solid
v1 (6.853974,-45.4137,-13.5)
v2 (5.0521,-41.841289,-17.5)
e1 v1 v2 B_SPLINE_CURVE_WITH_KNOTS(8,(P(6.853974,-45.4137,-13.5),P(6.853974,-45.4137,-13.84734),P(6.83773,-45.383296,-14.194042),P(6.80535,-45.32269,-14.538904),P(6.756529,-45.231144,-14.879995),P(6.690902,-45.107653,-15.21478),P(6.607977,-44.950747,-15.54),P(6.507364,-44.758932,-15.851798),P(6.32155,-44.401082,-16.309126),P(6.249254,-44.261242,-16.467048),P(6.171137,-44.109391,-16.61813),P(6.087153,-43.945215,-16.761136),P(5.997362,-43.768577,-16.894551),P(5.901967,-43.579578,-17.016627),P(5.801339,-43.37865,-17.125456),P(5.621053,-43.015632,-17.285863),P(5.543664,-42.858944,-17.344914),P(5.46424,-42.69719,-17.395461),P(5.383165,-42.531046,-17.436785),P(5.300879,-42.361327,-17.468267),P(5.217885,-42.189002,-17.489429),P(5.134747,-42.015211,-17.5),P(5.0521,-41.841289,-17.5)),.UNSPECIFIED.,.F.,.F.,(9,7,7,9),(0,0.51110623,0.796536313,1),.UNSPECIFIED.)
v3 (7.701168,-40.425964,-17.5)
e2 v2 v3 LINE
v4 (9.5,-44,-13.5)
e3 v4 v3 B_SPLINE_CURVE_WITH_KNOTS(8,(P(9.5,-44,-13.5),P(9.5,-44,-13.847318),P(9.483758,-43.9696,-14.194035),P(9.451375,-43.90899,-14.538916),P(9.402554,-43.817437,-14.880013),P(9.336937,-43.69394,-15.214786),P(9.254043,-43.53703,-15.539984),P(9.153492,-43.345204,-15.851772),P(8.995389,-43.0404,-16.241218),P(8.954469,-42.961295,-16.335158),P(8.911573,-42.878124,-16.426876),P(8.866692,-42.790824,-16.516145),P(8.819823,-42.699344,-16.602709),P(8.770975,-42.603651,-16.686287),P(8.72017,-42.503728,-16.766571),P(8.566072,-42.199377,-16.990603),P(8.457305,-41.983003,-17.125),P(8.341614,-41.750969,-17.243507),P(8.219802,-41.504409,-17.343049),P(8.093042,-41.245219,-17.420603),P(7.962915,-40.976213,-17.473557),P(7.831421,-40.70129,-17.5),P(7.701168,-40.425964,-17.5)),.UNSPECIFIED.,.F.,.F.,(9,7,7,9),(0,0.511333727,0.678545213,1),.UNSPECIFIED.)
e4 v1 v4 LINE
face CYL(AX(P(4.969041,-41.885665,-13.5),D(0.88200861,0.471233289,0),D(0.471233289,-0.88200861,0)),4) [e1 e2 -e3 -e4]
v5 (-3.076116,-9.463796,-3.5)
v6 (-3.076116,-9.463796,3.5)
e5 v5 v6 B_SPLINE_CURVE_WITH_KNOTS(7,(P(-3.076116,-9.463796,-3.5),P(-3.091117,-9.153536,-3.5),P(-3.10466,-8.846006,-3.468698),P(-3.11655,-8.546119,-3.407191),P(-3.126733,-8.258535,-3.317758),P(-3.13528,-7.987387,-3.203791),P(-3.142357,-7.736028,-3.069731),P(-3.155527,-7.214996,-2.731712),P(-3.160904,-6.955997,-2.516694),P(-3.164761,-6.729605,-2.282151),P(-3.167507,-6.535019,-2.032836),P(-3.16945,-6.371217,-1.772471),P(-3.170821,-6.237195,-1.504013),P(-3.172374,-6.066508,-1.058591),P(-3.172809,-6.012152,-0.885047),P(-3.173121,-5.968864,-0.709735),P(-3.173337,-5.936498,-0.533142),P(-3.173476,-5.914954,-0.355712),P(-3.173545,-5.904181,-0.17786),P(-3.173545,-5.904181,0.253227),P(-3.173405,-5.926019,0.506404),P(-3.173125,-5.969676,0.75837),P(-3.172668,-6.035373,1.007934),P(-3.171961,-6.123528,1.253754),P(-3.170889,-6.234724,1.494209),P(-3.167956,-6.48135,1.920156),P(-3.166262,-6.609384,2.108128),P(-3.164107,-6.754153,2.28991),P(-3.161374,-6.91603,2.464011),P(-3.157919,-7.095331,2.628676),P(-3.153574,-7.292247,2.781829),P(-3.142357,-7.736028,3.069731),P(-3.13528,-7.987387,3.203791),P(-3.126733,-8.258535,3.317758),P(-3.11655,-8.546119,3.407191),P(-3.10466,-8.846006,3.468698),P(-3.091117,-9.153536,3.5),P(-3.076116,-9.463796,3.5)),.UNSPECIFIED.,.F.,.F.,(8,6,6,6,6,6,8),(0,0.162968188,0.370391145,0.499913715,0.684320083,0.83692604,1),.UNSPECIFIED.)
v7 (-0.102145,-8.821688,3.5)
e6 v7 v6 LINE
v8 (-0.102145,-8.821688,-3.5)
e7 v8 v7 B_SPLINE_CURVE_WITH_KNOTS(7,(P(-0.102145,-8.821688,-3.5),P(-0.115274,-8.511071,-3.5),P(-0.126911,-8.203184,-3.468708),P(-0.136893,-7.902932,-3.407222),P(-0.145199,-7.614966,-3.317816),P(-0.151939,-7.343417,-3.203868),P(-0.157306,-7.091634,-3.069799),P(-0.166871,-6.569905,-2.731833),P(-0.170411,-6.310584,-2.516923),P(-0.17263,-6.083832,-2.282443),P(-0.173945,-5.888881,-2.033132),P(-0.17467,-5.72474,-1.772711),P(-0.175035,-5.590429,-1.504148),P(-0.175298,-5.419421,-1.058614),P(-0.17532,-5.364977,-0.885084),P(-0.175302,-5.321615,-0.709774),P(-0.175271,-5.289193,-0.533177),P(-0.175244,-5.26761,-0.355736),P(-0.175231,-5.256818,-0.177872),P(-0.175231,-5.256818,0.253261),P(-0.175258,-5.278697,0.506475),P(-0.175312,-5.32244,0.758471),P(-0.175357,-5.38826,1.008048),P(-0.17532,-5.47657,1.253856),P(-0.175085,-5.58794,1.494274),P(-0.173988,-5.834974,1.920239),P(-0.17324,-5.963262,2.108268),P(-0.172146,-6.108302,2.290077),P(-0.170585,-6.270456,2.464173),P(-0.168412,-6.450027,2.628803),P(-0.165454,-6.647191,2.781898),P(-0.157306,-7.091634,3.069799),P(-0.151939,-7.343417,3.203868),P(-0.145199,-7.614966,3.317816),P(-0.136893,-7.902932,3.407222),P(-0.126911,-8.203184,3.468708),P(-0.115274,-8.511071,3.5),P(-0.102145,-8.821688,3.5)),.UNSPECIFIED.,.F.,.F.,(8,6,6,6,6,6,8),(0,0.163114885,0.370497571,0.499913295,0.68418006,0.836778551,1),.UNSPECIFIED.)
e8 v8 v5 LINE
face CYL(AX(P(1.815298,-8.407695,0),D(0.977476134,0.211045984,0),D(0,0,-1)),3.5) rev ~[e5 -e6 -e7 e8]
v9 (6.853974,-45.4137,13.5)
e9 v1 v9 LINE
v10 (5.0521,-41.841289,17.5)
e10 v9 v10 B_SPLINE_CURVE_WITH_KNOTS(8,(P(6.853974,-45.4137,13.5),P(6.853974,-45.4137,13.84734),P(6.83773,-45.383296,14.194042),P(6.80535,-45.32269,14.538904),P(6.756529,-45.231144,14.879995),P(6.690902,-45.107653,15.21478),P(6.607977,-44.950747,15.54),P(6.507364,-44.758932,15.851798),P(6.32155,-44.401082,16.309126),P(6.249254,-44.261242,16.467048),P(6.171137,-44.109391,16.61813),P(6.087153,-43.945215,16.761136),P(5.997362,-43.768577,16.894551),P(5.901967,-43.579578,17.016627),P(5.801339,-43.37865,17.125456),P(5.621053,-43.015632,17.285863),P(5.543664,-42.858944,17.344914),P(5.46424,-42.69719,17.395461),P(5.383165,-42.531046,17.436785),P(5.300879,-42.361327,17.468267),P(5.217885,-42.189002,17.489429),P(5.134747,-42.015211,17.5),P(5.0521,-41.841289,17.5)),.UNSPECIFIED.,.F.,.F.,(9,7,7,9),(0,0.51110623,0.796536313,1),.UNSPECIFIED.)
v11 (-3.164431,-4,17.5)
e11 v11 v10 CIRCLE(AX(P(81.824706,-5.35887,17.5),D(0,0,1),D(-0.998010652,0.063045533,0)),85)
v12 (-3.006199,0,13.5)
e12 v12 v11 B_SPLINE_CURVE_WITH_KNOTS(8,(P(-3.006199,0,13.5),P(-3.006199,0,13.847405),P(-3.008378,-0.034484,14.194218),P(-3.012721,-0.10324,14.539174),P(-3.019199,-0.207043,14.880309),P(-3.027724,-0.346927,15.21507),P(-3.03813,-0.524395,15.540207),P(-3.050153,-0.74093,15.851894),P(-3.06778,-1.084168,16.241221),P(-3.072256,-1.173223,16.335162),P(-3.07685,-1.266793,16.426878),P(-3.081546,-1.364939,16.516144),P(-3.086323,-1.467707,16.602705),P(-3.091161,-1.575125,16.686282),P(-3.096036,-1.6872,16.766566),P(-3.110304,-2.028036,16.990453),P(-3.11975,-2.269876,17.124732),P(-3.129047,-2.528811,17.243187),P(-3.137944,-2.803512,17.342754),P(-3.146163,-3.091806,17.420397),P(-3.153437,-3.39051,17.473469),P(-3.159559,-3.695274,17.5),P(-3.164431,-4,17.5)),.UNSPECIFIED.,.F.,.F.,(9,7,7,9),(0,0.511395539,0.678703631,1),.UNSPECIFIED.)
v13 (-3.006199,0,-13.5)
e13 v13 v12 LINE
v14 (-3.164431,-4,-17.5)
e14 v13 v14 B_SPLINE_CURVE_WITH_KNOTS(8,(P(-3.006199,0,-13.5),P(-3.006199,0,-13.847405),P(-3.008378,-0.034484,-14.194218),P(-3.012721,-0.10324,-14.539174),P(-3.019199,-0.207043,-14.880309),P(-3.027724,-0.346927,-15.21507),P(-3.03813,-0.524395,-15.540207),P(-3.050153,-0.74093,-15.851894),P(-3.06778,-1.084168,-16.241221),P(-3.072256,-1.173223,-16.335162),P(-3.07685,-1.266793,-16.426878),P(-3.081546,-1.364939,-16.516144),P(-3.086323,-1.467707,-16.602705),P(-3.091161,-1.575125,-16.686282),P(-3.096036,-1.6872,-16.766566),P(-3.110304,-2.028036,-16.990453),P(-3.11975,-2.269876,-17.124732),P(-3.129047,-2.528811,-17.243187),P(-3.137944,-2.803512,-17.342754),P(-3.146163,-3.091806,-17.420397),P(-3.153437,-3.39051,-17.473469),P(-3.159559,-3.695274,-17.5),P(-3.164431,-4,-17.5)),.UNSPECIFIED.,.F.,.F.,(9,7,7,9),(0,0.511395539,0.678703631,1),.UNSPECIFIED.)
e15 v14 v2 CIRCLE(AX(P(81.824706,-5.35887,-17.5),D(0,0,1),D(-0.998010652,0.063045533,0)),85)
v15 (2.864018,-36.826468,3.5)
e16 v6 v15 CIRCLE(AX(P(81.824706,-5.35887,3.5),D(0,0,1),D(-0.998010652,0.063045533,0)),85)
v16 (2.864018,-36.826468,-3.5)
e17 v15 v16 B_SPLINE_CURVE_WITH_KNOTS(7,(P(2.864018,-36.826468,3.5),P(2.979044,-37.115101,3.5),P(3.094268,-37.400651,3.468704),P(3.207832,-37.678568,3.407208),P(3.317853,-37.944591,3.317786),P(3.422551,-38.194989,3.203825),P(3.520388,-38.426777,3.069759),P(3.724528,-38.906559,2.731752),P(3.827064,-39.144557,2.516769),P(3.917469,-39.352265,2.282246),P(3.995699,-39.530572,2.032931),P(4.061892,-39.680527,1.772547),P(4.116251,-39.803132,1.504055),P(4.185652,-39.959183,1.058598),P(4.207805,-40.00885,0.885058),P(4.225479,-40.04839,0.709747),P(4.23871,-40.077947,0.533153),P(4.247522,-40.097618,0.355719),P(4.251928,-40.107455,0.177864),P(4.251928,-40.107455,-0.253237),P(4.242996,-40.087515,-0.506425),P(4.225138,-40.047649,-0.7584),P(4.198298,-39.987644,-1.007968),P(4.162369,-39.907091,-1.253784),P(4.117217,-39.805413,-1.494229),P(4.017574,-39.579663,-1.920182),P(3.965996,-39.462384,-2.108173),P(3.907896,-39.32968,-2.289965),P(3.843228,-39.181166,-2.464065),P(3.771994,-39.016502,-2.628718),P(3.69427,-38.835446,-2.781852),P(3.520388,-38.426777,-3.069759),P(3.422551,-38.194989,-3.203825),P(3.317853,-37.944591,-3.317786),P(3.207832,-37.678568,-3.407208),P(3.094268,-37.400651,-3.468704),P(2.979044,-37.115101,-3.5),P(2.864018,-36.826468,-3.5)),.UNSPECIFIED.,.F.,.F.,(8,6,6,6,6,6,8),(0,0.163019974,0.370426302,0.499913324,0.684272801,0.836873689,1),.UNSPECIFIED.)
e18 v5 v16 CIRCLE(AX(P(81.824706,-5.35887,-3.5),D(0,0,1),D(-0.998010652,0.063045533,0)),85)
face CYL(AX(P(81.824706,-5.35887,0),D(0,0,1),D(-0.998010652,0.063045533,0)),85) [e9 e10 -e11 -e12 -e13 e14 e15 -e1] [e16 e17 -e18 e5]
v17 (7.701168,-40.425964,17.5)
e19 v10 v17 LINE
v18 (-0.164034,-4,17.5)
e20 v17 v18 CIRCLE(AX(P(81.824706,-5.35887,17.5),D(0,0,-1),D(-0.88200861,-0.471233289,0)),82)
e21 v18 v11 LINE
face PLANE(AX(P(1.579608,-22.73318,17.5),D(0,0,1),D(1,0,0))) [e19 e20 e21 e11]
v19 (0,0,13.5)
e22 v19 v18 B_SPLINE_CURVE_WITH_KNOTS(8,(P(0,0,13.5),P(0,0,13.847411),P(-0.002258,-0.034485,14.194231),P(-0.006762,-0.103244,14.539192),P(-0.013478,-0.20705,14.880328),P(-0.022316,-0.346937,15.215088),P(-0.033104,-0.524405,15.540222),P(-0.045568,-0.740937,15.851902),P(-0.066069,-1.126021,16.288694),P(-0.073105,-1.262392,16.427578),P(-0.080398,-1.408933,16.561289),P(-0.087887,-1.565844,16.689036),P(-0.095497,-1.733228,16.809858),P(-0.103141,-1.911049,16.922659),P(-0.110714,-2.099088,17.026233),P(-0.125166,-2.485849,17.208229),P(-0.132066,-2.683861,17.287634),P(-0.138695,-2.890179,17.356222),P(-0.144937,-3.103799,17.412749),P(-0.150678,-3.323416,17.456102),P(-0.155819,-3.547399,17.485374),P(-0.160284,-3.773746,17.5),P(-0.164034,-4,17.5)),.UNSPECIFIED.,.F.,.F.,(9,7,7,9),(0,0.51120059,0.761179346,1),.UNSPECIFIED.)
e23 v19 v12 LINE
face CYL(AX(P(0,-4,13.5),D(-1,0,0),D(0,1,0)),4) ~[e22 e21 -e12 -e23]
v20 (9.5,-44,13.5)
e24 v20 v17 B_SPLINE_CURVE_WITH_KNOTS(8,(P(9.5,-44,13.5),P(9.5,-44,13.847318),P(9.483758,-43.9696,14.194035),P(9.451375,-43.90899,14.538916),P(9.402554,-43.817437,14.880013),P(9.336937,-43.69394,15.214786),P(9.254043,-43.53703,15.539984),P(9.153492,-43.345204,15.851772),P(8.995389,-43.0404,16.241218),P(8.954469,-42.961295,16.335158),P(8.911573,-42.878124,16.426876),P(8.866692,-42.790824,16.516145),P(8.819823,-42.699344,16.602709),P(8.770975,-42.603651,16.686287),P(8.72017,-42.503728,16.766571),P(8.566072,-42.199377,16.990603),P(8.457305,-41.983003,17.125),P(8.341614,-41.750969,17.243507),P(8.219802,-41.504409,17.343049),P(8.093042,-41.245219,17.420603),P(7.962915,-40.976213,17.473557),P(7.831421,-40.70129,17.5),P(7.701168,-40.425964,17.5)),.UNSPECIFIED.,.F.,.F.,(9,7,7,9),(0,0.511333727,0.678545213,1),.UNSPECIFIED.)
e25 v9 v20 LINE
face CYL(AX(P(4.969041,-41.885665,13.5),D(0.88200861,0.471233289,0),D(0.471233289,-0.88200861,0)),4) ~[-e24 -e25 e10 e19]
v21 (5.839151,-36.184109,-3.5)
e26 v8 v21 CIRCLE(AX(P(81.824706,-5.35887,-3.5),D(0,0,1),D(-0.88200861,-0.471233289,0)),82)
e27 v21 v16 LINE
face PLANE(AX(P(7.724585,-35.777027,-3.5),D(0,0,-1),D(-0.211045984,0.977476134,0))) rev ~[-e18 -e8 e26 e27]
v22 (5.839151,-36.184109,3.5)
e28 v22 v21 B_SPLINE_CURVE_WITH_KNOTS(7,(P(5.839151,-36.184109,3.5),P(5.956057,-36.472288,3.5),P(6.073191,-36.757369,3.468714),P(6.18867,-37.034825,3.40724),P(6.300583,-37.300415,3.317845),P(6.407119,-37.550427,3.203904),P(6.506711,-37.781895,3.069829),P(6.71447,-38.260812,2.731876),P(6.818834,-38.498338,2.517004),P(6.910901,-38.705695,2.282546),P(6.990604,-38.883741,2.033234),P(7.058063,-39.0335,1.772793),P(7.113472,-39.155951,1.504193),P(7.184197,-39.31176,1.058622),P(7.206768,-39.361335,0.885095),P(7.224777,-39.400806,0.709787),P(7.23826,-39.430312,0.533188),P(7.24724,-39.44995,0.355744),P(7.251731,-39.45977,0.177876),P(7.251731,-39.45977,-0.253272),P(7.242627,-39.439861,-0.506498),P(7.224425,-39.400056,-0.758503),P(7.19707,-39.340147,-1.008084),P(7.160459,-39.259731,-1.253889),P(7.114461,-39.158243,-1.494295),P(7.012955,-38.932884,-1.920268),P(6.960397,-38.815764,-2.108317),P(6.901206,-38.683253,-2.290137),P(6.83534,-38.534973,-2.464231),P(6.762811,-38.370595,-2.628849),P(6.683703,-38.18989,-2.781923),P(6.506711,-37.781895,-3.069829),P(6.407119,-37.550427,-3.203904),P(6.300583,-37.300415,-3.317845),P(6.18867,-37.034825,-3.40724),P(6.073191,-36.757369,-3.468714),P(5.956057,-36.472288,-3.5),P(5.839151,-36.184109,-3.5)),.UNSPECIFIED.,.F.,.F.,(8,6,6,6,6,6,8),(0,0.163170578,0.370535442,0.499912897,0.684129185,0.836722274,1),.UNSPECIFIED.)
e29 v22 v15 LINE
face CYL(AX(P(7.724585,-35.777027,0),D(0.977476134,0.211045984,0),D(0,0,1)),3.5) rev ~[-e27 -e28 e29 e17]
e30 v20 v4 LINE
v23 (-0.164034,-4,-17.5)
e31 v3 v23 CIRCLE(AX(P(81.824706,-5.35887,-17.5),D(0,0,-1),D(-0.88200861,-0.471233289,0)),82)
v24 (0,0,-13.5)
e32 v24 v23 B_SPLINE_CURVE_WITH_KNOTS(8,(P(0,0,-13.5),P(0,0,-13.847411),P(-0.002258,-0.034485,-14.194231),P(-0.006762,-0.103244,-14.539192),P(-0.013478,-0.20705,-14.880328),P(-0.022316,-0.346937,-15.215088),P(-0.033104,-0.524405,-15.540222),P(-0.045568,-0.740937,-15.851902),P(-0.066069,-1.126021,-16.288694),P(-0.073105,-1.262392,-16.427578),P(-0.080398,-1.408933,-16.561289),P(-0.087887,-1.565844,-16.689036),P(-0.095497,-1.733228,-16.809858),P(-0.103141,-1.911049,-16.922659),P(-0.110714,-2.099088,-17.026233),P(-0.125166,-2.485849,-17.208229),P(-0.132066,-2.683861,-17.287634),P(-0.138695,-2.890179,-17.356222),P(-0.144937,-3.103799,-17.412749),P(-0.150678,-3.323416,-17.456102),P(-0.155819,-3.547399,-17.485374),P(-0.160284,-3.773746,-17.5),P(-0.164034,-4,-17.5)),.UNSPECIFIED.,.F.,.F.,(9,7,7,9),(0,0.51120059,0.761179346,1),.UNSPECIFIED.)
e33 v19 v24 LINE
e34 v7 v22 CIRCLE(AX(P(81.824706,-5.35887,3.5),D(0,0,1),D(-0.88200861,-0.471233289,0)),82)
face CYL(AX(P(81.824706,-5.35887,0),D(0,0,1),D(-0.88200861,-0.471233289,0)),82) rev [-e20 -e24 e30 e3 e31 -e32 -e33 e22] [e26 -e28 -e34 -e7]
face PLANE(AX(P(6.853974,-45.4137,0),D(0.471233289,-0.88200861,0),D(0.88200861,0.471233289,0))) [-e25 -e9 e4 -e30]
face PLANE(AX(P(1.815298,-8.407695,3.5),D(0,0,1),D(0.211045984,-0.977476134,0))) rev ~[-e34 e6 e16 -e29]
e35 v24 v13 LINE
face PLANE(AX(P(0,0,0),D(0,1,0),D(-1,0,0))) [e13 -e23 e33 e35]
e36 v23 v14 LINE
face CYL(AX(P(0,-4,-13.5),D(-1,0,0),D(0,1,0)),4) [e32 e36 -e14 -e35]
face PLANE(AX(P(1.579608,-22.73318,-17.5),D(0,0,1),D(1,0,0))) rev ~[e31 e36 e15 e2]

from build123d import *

# Parameters (mm, degrees)
EXTRUSION1_DEPTH        = 17.5
CONG_1_R                = 4
ENL_V_MAT_EXTRU_1_DEPTH = 35


with BuildPart() as part:
    # Esquisse1 → Extrusion1 (new body, symmetric)
    with BuildSketch(Plane.XY):
        with BuildLine():
            Line((0, 0), (-3.006199407, 0))
            ThreePointArc((-3.006199407, 0), (-1.239978733, -23.393785135), (6.853974171, -45.413699867))
            Line((6.853974171, -45.413699867), (9.5, -44))
            ThreePointArc((9.5, -44), (1.671662982, -22.664640947), (0, 0))
        make_face()
    extrude(amount=EXTRUSION1_DEPTH, both=True)

    # Congé1
    cong_1_edges = [part.edges().sort_by_distance(p)[0] for p in [
        (-1.503099703, 0, 17.5),
        (-1.503099703, 0, -17.5),
        (8.176987086, -44.706849934, -17.5),
        (8.176987086, -44.706849934, 17.5),
    ]]
    fillet(cong_1_edges, radius=CONG_1_R)

    # Esquisse2 → Enlèv. mat.-Extru.1 (cut)
    with BuildSketch(Plane(origin=(0, 0, 0), x_dir=(0, 0, 1), z_dir=(-0.977476134, -0.211045984, 0))):
        with BuildLine():
            Line((-3.5, -36.601432597), (-3.5, -8.601432597))
            ThreePointArc((-3.5, -8.601432597), (0, -5.101432597), (3.5, -8.601432597))
            Line((3.5, -8.601432597), (3.5, -36.601432597))
            ThreePointArc((3.5, -36.601432597), (0, -40.101432597), (-3.5, -36.601432597))
        make_face()
    extrude(amount=ENL_V_MAT_EXTRU_1_DEPTH, mode=Mode.SUBTRACT)


solid = part.part
